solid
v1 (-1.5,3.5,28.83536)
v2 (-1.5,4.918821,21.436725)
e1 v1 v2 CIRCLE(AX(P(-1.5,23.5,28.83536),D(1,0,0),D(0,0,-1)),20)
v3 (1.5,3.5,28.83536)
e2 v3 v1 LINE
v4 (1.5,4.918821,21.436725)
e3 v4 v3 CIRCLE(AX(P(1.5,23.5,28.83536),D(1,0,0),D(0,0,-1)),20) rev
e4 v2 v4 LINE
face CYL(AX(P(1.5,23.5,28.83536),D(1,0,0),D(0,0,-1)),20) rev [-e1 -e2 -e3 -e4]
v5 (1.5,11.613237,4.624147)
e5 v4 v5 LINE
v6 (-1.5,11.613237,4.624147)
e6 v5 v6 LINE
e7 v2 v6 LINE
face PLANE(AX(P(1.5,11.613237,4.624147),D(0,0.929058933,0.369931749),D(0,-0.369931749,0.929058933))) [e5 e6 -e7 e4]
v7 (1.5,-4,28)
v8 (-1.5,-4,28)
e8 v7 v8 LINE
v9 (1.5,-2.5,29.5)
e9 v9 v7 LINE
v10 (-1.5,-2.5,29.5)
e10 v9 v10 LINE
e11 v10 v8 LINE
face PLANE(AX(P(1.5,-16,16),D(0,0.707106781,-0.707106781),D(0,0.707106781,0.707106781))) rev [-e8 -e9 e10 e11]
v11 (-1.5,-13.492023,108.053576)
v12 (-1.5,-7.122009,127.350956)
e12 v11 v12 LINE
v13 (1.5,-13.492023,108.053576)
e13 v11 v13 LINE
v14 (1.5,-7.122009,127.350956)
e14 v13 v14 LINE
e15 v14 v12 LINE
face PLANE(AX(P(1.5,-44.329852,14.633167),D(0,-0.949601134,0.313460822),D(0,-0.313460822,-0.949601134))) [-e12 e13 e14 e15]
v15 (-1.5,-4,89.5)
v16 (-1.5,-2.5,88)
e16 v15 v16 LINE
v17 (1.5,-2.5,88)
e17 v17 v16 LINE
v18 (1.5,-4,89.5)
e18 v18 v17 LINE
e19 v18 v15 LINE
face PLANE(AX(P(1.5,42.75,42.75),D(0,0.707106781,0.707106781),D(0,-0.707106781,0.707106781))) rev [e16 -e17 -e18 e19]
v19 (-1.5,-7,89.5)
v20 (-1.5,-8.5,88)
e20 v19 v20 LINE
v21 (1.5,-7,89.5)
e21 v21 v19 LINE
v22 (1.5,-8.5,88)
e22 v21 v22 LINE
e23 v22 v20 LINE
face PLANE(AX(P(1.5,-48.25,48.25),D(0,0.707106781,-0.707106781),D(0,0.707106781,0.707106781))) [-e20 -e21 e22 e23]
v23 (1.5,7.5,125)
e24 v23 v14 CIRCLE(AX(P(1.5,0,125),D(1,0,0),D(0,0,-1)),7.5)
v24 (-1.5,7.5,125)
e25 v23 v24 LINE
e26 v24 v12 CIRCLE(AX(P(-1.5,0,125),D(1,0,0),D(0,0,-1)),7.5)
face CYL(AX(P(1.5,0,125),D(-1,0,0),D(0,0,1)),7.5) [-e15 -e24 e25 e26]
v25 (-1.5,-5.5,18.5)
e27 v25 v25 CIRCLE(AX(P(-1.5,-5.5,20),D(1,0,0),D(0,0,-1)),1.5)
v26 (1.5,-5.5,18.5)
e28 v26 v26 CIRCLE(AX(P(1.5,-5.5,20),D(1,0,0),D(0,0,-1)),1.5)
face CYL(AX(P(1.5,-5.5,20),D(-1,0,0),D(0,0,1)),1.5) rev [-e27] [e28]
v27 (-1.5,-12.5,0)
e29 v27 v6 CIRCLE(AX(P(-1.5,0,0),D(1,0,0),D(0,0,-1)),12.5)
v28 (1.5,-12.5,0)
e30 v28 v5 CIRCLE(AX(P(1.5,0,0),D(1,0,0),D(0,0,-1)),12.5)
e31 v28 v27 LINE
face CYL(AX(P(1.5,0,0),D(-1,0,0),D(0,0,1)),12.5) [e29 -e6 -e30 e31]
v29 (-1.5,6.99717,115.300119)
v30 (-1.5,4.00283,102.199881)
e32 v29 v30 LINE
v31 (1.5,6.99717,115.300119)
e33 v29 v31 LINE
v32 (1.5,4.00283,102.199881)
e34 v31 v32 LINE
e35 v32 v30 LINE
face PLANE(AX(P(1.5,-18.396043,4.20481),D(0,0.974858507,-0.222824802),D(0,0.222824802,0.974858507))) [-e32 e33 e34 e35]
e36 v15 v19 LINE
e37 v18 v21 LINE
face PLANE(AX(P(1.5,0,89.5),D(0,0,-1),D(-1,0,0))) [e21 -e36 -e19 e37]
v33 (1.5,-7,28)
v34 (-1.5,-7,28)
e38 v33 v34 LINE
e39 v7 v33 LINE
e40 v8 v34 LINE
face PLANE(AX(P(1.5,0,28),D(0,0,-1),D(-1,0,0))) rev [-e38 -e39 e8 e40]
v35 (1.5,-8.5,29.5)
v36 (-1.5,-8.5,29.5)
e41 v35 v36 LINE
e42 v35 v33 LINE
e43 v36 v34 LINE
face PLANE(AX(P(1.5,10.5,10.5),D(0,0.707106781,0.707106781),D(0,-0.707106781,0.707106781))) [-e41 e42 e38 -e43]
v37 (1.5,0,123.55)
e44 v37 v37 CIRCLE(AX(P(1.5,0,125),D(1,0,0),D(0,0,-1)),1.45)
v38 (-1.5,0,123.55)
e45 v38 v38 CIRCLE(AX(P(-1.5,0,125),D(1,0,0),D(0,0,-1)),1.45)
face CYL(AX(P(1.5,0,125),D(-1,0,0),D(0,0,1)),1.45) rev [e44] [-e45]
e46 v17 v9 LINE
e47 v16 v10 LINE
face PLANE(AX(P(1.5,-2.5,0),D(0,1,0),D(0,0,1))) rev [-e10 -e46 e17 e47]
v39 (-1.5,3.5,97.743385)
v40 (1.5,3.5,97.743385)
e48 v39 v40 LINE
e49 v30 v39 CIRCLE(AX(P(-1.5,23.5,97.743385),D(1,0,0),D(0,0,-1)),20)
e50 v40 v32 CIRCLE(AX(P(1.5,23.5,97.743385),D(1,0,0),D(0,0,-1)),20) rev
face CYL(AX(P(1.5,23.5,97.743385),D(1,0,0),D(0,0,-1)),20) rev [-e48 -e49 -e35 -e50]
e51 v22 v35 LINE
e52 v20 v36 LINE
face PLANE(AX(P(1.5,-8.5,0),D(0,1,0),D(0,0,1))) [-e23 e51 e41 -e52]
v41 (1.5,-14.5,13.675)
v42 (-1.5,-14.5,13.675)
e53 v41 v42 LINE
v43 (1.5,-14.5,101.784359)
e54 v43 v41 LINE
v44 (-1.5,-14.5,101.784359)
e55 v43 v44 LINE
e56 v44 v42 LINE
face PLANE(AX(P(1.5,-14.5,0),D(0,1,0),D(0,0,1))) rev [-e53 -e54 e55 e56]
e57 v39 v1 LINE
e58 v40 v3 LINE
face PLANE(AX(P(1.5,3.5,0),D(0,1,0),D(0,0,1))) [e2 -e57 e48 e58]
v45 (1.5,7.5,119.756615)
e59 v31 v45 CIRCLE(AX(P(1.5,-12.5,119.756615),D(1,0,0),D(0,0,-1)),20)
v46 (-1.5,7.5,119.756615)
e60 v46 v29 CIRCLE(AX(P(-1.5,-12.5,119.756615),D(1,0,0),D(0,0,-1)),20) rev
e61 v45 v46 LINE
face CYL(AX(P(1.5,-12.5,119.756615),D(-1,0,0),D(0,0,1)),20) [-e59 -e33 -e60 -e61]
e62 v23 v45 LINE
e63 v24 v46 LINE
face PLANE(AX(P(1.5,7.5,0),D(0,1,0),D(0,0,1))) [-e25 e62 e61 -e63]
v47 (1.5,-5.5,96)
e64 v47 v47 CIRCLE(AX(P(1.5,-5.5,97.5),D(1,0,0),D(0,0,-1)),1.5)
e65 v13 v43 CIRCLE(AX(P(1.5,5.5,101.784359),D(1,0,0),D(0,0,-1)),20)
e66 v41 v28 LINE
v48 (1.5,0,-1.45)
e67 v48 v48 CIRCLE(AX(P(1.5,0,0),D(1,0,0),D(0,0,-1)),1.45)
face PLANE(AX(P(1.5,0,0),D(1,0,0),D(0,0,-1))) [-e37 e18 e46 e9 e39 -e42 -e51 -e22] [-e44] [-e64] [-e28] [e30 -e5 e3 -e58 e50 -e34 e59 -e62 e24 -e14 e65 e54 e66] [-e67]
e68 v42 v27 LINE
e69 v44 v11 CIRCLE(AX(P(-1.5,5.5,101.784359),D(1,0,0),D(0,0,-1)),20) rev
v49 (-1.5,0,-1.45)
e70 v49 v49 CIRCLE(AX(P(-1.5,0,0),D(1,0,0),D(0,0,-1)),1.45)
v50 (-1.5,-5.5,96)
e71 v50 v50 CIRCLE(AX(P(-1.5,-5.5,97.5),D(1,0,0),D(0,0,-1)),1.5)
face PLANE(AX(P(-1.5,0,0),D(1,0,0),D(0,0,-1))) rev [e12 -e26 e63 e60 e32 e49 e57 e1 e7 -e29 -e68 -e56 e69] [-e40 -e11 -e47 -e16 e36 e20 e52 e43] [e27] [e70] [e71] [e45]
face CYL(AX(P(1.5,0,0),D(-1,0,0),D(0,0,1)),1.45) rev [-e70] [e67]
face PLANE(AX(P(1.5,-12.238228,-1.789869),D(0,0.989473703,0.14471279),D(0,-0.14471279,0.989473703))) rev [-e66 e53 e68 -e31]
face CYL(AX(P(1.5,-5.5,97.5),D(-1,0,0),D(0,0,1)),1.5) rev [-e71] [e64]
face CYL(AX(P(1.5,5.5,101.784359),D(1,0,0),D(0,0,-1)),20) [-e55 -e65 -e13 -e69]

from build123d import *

# Parameters (mm, degrees)
SKETCH1_R           = 1.5
SKETCH1_R_2         = 1.45
BOSS_EXTRUDE1_DEPTH = 1.5
FILLET1_R           = 20


with BuildPart() as part:
    # Sketch1 → Boss-Extrude1 (new body, symmetric)
    with BuildSketch(Plane(origin=(0, 0, 0), x_dir=(0, 0, -1), z_dir=(1, 0, 0))):
        with BuildLine():
            Line((-127.350956164, -7.122008503), (-105, -14.5))
            Line((-105, -14.5), (-13.675, -14.5))
            Line((-13.675, -14.5), (0, -12.5))
            ThreePointArc((0, -12.5), (12.276307634, 2.354202809), (-4.624146867, 11.613236661))
            Line((-4.624146867, 11.613236661), (-25, 3.5))
            Line((-25, 3.5), (-100, 3.5))
            Line((-100, 3.5), (-117.5, 7.5))
            Line((-117.5, 7.5), (-125, 7.5))
            ThreePointArc((-125, 7.5), (-132.404899181, 1.190574699), (-127.350956164, -7.122008503))
        make_face()
        with Locations((-97.5, -5.5)):
            Circle(SKETCH1_R, mode=Mode.SUBTRACT)
        Polygon((-89.5, -7), (-89.5, -4), (-88, -2.5), (-29.5, -2.5), (-28, -4), (-28, -7), (-29.5, -8.5), (-88, -8.5), align=None, mode=Mode.SUBTRACT)
        with Locations((-20, -5.5)):
            Circle(SKETCH1_R, mode=Mode.SUBTRACT)
        with Locations((-125, 0)):
            Circle(SKETCH1_R_2, mode=Mode.SUBTRACT)
        Circle(SKETCH1_R_2, mode=Mode.SUBTRACT)
    extrude(amount=BOSS_EXTRUDE1_DEPTH, both=True)

    # Fillet1
    fillet1_edges = [part.edges().sort_by_distance(p)[0] for p in [
        (0, -14.5, 105),
        (0, 7.5, 117.5),
        (0, 3.5, 100),
        (0, 3.5, 25),
    ]]
    fillet(fillet1_edges, radius=FILLET1_R)


solid = part.part
